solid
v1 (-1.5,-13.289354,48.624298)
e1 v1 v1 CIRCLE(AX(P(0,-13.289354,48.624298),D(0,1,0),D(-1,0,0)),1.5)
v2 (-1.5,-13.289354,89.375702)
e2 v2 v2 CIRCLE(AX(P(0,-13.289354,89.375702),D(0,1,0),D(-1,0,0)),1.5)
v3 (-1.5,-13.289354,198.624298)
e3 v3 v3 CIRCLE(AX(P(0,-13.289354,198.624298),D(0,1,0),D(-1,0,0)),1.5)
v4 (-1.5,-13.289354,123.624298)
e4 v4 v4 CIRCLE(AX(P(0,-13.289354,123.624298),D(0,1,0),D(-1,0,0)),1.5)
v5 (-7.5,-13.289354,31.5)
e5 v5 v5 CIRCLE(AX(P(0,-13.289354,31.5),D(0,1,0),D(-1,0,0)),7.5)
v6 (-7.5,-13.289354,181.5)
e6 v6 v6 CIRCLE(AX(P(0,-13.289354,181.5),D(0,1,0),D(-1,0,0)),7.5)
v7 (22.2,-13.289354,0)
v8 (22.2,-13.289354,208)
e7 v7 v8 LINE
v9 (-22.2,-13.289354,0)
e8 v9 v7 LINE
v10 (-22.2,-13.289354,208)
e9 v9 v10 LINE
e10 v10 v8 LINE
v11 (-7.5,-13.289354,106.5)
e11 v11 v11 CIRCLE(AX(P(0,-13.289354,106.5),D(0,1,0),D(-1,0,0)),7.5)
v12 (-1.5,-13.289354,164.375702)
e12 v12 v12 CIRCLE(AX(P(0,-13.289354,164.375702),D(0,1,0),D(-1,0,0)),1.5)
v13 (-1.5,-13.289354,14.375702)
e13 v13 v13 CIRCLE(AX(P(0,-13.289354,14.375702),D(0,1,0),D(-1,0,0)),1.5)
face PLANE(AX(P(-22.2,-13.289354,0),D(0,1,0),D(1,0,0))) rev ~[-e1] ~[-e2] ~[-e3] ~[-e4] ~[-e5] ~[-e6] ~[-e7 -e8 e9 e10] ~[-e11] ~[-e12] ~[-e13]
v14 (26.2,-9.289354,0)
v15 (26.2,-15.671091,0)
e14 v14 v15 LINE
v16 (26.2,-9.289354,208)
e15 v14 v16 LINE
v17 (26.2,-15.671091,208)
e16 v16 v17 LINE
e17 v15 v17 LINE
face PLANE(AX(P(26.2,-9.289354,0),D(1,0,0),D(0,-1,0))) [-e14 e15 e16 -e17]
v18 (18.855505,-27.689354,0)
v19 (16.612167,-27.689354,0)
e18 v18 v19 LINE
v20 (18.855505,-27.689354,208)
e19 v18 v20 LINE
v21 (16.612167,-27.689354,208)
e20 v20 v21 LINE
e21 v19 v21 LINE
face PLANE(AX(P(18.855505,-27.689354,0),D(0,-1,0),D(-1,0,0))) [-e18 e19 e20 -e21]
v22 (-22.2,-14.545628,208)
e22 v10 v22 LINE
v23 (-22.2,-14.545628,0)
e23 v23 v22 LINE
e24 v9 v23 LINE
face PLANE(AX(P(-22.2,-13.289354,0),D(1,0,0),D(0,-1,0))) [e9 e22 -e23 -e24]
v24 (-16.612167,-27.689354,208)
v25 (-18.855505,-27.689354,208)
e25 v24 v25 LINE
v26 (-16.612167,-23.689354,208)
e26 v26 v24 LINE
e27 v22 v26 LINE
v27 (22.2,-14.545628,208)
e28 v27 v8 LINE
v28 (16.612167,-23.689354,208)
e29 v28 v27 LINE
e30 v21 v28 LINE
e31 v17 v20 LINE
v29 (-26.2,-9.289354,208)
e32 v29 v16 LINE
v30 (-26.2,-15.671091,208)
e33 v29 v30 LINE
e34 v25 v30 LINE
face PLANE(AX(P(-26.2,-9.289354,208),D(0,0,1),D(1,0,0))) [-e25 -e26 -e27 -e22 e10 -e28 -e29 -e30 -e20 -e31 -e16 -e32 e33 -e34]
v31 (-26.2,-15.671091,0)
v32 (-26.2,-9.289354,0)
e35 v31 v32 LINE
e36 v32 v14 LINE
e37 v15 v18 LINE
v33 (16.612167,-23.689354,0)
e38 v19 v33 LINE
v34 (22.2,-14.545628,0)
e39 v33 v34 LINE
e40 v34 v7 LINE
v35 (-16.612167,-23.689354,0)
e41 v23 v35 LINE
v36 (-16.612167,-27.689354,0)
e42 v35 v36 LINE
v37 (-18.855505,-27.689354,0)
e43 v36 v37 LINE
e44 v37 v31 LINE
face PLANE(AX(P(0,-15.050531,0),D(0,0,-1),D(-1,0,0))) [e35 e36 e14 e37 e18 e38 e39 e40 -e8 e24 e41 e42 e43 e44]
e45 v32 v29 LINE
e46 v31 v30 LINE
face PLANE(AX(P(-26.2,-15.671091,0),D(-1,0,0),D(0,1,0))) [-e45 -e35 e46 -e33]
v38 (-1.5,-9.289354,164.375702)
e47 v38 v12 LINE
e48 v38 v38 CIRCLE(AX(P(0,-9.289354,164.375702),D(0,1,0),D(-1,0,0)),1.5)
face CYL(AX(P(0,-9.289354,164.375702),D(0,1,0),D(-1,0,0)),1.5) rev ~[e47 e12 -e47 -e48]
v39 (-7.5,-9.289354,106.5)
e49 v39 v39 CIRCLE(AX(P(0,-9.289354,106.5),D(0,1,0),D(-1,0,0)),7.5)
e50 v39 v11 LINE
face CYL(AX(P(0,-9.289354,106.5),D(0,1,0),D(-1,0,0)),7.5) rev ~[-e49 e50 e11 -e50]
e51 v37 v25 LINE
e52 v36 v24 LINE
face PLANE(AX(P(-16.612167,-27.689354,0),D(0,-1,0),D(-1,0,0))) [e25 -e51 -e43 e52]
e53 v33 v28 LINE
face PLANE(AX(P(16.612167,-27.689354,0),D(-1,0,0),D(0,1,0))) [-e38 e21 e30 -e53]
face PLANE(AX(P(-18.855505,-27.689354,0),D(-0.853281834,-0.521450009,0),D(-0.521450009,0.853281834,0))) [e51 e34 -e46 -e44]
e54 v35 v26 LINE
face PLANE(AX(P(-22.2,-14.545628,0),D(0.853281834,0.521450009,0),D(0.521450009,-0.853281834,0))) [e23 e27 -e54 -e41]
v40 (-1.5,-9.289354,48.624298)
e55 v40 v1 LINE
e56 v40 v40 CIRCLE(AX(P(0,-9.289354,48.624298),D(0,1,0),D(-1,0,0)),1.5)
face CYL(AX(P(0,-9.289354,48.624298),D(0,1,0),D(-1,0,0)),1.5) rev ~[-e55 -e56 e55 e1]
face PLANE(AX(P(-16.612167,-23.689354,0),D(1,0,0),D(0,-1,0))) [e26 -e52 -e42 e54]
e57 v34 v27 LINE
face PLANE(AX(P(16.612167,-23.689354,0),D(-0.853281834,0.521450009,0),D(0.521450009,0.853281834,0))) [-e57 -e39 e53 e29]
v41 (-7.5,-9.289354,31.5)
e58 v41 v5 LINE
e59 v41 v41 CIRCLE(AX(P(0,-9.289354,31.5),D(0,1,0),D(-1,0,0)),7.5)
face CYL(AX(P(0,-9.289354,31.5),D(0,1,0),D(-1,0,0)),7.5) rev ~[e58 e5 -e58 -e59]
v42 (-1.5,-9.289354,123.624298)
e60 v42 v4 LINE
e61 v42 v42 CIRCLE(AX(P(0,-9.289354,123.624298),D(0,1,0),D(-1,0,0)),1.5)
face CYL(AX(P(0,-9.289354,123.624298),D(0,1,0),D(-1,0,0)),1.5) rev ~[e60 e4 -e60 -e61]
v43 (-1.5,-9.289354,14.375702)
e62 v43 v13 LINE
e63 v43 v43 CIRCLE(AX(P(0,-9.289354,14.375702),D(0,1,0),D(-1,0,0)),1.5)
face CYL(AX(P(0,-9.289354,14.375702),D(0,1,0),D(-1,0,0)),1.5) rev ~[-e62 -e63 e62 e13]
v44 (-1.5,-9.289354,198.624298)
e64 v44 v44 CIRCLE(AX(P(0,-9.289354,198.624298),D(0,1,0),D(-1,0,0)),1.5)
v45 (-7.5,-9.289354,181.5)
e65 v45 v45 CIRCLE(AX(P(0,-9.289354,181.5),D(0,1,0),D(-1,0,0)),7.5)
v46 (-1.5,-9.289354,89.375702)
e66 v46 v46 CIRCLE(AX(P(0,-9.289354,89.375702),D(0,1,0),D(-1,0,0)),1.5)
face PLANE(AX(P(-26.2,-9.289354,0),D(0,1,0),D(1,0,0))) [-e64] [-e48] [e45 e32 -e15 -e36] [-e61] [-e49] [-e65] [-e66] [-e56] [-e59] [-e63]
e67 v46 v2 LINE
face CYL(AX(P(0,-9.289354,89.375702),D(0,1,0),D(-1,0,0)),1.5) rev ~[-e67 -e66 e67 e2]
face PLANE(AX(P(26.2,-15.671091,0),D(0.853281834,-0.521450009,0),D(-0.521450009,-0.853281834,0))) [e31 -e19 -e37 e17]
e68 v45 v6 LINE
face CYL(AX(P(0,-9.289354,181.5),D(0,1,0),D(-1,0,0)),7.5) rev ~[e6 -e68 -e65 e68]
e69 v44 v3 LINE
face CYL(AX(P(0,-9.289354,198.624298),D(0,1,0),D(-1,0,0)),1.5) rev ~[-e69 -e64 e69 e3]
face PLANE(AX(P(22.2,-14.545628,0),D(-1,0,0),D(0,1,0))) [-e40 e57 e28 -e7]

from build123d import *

# Parameters (mm, degrees)
BOSS_EXTRUDE1_DEPTH        = 213
SKETCH2_R                  = 7.5
CUT_EXTRUDE1_DEPTH         = 213
SKETCH7_R                  = 1.5
CUT_EXTRUDE2_DEPTH         = 10
LPATTERN1_COUNT            = 3
LPATTERN1_PITCH            = 75
SZKIC1_W                   = 52.4
SZKIC1_H                   = 5
WYTNIJ_WYCI_GNI_CIE1_DEPTH = 30.5


with BuildPart() as part:
    # Sketch1 → Boss-Extrude1 (new body)
    with BuildSketch(Plane.XY):
        Polygon((0, -13.289354466), (-22.2, -13.289354466), (-22.2, -14.545627613), (-16.612166923, -23.689354466), (-16.612166923, -27.689354466), (-18.855505392, -27.689354466), (-26.2, -15.671090562), (-26.2, -9.289354466), (26.2, -9.289354466), (26.2, -15.671090562), (18.855505392, -27.689354466), (16.612166923, -27.689354466), (16.612166923, -23.689354466), (22.2, -14.545627613), (22.2, -13.289354466), align=None)
    extrude(amount=BOSS_EXTRUDE1_DEPTH)

    # Sketch2 → Cut-Extrude1 (cut)
    with BuildSketch(Plane(origin=(0, -9.289354466, 0), x_dir=(1, 0, 0), z_dir=(0, 1, 0))):
        with Locations(Location((0, -31.5, 0), (0, 0, 180))):
            Circle(SKETCH2_R)
        with Locations(Location((0, -106.5, 0), (0, 0, 180))):
            Circle(SKETCH2_R)
        with Locations(Location((0, -181.5, 0), (0, 0, 180))):
            Circle(SKETCH2_R)
    extrude(amount=-CUT_EXTRUDE1_DEPTH, mode=Mode.SUBTRACT)

    # Sketch7 → Cut-Extrude2 (cut)
    with BuildSketch(Plane(origin=(0, -9.289354466, 0), x_dir=(1, 0, 0), z_dir=(0, 1, 0))):
        with Locations(Location((0, -198.624297731, 0), (0, 0, 180))):
            Circle(SKETCH7_R)
        with Locations(Location((0, -164.375702269, 0), (0, 0, 180))):
            Circle(SKETCH7_R)
    cut_extrude2 = extrude(amount=-CUT_EXTRUDE2_DEPTH, mode=Mode.SUBTRACT)

    # LPattern1: Cut-Extrude2 ×3
    with Locations(*[(0, 0, -i * LPATTERN1_PITCH) for i in range(1, LPATTERN1_COUNT)]):
        add(cut_extrude2, mode=Mode.SUBTRACT)

    # Szkic1 → Wytnij-wyciągnięcie1 (cut)
    with BuildSketch(Plane(origin=(0, -9.289354466, 0), x_dir=(1, 0, 0), z_dir=(0, 1, 0))):
        with Locations((0, -210.5)):
            Rectangle(SZKIC1_W, SZKIC1_H)
    extrude(amount=-WYTNIJ_WYCI_GNI_CIE1_DEPTH, mode=Mode.SUBTRACT)


solid = part.part
